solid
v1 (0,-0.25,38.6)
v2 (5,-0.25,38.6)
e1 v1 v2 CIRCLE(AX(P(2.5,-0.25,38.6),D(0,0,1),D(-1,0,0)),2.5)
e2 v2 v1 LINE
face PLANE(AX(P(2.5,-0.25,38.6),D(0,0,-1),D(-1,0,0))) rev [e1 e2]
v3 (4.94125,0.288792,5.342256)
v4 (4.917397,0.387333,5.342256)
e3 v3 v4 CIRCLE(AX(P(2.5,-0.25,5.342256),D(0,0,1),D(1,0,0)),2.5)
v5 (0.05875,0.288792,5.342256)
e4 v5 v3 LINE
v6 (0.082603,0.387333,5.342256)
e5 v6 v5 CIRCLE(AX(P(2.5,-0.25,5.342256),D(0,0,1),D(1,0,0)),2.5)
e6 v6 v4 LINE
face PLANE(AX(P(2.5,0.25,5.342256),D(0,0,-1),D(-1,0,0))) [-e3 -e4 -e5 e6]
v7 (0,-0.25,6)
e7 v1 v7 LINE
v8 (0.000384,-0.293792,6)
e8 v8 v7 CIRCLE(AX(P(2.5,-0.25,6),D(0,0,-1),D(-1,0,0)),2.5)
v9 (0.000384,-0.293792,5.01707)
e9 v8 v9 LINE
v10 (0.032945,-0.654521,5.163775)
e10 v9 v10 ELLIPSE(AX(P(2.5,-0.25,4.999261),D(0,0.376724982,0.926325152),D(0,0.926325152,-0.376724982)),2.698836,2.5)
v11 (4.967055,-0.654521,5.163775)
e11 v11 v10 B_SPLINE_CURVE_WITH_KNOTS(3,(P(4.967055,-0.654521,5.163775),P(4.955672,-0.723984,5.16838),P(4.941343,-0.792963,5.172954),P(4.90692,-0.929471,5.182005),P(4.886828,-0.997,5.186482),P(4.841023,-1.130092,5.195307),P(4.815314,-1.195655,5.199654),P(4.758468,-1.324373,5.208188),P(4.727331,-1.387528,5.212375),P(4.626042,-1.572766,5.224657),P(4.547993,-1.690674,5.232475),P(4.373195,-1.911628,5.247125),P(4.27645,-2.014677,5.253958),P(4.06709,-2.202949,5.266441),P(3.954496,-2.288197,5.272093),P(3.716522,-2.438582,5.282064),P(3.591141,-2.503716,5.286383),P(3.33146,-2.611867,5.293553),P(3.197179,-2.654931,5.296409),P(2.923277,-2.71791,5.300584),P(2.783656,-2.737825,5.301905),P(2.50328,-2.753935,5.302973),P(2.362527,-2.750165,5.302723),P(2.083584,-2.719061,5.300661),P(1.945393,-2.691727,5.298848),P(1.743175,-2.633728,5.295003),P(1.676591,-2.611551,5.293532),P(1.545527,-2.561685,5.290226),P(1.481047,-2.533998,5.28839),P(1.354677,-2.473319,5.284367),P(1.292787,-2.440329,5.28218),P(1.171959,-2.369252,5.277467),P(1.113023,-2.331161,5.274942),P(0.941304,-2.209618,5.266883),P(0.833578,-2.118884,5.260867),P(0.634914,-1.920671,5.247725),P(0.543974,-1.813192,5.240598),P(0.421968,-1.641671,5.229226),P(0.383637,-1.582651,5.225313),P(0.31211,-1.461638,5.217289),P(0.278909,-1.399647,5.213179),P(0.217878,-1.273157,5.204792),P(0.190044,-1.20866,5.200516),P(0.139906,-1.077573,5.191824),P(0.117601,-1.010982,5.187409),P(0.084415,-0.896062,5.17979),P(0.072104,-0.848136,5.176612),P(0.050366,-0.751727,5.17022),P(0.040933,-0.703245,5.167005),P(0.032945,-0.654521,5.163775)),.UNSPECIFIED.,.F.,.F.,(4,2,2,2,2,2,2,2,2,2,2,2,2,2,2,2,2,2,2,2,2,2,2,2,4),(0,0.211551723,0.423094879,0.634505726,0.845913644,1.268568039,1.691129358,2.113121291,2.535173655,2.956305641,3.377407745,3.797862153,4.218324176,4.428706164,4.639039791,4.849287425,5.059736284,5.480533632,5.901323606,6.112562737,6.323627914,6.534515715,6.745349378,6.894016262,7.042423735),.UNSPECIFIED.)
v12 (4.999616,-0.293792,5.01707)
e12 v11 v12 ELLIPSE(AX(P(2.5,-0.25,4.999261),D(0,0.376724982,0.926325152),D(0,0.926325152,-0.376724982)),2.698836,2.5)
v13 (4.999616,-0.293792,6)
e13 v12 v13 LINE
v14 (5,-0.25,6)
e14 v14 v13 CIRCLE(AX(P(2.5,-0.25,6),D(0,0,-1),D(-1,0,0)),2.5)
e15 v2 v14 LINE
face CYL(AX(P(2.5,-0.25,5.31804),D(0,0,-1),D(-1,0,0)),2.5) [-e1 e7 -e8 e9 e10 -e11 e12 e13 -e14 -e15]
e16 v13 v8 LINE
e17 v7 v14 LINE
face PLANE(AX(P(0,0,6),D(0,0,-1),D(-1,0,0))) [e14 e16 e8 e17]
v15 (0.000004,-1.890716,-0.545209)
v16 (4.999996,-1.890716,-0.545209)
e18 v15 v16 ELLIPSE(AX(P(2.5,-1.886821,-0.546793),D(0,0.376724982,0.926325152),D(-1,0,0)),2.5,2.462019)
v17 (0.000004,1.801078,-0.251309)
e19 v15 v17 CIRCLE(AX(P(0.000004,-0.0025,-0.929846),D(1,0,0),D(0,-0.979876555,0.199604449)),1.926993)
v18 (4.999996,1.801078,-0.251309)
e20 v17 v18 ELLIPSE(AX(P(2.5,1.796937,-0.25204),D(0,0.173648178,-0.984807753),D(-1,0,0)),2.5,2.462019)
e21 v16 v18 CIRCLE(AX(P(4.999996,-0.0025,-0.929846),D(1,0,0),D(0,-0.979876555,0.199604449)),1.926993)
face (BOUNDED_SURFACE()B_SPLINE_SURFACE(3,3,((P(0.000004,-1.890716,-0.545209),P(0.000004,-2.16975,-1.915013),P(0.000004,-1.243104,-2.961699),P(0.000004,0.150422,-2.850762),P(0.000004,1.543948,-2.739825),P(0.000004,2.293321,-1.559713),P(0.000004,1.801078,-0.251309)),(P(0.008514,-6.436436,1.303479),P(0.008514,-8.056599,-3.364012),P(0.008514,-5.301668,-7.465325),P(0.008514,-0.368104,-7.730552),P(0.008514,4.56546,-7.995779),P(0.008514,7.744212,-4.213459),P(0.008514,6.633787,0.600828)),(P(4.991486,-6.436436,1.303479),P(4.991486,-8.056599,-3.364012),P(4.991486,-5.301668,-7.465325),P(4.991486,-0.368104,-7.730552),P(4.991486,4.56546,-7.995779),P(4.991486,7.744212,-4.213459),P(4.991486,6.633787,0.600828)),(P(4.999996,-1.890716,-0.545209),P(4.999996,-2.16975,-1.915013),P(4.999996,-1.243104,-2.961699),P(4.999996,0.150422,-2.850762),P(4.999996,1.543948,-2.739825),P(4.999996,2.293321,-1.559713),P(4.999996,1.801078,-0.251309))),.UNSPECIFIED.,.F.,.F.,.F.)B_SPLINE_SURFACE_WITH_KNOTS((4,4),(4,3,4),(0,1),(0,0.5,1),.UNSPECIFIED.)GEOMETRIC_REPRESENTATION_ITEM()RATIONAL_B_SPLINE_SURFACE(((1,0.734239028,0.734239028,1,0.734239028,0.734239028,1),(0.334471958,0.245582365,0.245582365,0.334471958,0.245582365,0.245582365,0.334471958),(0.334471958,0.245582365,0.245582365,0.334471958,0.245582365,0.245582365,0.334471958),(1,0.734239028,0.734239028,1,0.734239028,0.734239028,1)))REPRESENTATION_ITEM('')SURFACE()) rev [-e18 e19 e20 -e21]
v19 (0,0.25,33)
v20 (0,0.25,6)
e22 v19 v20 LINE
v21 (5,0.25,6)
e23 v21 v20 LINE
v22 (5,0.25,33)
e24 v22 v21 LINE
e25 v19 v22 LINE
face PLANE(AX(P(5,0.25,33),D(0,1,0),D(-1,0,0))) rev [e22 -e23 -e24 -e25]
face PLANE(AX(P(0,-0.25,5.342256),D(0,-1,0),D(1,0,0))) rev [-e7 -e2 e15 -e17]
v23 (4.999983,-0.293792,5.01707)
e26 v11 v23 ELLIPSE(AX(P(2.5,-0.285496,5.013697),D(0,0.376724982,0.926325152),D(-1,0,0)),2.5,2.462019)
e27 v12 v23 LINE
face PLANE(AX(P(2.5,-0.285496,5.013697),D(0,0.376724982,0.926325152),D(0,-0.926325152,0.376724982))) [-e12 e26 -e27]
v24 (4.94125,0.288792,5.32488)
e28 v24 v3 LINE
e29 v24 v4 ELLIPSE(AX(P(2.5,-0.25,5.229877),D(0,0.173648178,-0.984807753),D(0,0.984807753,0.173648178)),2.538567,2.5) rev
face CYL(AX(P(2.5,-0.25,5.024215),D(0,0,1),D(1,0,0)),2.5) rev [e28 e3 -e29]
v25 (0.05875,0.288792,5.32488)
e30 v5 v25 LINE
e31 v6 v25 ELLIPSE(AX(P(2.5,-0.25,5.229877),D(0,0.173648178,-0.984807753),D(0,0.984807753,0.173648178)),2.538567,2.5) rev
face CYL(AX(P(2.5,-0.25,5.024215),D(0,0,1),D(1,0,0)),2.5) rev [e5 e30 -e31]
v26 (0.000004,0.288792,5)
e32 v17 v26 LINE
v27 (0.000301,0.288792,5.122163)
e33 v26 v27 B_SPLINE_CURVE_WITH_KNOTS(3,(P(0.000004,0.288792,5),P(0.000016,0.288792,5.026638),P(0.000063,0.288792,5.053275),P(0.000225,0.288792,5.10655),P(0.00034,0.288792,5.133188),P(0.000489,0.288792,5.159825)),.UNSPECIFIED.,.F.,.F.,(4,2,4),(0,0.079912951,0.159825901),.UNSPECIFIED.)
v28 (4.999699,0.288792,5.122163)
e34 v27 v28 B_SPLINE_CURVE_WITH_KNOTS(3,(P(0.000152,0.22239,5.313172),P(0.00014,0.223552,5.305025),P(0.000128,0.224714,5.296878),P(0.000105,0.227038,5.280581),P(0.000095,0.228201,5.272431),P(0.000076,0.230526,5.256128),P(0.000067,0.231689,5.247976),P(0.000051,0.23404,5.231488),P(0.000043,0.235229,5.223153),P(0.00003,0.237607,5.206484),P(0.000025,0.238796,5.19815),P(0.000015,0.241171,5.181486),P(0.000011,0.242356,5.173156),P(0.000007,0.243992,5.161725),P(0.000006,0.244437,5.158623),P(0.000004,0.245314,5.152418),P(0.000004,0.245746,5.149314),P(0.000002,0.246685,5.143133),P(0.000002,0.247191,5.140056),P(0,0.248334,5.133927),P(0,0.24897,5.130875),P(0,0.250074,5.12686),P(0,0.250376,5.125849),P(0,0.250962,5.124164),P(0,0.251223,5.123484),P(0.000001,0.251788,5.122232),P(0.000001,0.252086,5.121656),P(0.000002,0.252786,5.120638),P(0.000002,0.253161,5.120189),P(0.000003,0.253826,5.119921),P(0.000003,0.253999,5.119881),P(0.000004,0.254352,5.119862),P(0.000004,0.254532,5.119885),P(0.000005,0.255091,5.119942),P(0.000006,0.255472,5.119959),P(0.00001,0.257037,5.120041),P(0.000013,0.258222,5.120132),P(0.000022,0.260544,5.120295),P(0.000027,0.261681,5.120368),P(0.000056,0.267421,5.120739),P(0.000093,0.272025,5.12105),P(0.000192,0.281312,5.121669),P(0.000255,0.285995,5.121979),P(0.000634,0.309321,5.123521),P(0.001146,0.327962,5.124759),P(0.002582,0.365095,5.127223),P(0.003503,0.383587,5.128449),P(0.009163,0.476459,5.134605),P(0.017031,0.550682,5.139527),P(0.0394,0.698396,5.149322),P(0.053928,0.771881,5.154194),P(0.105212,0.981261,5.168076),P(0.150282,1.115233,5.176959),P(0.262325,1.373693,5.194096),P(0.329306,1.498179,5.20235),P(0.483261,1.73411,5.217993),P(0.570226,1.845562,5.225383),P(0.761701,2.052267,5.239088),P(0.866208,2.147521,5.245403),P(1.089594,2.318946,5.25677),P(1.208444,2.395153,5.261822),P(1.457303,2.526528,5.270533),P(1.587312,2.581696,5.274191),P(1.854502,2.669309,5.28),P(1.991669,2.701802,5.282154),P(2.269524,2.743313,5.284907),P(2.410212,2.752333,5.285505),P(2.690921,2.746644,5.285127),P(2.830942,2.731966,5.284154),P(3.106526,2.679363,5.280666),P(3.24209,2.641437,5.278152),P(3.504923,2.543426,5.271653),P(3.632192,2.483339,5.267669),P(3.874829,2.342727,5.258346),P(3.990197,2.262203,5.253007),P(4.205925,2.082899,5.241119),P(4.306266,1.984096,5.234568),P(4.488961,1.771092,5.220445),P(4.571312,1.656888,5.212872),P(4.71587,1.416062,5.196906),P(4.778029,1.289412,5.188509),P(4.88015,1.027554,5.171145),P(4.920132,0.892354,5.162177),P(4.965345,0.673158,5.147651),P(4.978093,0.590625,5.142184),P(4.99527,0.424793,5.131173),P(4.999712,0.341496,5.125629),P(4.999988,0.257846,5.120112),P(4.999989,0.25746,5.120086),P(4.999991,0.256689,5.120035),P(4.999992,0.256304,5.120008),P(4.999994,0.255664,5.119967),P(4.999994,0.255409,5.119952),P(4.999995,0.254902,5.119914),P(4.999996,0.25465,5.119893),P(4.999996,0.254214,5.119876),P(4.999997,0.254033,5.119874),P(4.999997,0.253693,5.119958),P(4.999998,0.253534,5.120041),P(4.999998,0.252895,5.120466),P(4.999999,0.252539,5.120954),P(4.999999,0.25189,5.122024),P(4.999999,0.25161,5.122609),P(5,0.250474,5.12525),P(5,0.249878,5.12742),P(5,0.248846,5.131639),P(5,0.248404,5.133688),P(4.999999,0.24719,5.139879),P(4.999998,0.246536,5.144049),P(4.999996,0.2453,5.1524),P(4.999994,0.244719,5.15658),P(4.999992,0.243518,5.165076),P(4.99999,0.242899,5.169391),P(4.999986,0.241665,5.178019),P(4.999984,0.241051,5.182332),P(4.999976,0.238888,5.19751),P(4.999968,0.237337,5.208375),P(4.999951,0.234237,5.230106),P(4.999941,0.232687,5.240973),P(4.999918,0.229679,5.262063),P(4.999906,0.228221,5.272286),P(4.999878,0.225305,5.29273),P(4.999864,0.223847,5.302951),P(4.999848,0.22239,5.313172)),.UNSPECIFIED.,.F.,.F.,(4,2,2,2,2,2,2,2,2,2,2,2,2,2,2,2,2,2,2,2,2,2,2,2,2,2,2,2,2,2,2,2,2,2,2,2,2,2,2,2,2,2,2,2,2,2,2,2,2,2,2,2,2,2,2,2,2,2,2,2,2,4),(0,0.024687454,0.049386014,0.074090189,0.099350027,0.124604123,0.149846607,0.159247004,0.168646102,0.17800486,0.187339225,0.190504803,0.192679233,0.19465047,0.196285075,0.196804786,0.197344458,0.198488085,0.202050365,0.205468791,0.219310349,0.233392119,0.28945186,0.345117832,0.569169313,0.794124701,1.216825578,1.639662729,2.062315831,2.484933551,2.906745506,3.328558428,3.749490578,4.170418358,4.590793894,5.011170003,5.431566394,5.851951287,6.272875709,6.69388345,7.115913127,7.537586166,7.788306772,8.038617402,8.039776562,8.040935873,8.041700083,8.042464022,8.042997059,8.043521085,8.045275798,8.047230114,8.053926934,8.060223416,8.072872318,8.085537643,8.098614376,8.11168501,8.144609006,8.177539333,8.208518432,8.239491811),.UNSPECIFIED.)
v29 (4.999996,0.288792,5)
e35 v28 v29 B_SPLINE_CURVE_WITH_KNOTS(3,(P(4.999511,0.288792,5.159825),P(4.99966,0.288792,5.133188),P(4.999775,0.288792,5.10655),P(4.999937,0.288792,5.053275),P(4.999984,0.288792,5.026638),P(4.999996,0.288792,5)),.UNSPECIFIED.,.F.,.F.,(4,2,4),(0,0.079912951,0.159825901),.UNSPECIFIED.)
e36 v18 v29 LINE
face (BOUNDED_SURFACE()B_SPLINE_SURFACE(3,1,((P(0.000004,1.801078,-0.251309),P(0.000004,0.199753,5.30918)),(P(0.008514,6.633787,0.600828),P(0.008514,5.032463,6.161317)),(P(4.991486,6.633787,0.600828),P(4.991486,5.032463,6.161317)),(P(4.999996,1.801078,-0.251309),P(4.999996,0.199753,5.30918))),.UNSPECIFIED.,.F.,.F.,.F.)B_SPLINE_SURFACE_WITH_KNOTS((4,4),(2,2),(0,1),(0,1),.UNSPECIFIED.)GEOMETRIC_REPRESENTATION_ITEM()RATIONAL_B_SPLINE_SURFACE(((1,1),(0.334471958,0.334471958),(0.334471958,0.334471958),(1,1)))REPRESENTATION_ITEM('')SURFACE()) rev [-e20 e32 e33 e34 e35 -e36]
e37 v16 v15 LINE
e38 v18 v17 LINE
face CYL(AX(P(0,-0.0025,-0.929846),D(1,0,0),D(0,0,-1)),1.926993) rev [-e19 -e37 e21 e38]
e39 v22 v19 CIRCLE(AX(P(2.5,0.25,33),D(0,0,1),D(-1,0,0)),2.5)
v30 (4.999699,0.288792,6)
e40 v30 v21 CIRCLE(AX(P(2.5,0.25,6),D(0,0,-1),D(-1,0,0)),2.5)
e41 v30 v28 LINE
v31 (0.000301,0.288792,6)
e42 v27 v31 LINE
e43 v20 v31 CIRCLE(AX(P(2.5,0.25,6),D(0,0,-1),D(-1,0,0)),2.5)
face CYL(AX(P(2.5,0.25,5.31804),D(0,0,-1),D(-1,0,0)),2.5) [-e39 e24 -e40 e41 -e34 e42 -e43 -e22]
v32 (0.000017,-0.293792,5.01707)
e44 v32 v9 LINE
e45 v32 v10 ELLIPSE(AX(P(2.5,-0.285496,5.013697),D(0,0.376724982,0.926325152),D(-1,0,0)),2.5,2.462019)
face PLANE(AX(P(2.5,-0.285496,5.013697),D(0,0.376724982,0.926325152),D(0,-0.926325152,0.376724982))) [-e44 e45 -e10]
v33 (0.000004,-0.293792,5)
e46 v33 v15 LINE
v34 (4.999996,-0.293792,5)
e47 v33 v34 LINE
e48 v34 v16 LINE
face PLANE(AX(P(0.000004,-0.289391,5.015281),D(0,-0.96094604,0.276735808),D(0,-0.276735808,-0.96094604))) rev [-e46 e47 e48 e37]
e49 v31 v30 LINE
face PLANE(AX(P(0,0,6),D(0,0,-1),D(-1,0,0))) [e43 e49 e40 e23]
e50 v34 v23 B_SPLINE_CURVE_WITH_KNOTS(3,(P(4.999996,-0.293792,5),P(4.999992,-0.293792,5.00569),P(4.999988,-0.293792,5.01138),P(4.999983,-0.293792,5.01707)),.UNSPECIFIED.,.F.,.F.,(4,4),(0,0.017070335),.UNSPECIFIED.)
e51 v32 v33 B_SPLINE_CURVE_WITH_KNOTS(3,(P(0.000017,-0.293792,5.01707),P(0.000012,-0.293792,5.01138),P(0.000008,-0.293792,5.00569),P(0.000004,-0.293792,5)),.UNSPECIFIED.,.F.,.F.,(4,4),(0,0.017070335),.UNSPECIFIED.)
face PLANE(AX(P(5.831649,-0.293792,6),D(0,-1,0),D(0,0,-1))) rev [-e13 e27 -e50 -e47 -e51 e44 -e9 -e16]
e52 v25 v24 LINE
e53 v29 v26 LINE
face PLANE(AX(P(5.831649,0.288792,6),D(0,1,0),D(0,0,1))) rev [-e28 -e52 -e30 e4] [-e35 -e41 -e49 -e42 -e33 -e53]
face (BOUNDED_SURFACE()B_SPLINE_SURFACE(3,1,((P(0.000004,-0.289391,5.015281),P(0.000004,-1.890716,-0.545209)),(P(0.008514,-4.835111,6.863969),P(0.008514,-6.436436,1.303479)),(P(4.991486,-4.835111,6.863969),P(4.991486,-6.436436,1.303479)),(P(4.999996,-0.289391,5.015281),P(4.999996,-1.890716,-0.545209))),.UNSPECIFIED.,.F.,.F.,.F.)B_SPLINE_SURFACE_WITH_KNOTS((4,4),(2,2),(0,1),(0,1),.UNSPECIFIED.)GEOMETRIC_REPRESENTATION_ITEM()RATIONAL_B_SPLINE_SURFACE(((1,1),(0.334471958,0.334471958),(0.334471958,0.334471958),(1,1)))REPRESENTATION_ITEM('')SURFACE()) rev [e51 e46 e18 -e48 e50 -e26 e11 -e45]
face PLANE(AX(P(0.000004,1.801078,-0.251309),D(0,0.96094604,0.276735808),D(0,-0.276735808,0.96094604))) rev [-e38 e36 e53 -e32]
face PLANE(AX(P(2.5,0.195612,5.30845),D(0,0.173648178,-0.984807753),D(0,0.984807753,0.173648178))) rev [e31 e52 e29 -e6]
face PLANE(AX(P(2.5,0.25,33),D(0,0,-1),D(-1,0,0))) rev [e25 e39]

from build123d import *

# Parameters (mm, degrees)
SZKIC1_R                     = 2.5
DODANIE_WYCI_GNI_CIE1_DEPTH  = 0.31804017
SZKIC3_R                     = 2.5
DODANIE_WYCI_GNI_CIE2_DEPTH  = 0.31804017
SZKIC8_W                     = 2.5
SZKIC8_H                     = 0.31804017
SZKIC9_R                     = 2.5
DODANIE_WYCI_GNI_CIE3_DEPTH  = 0.31804017
SZKIC15_R                    = 2.5
DODANIE_WYCI_GNI_CIE4_DEPTH  = 0.31804017
SZKIC21_W                    = 2.5
SZKIC21_H                    = 0.31804017
SZKIC22_R                    = 2.5
DODANIE_WYCI_GNI_CIE5_DEPTH  = 0.31804017
SZKIC28_R                    = 2.5
DODANIE_WYCI_GNI_CIE6_DEPTH  = 0.31804017
SZKIC34_W                    = 2.5
SZKIC34_H                    = 0.31804017
DODANIE_WYCI_GNI_CIE7_DEPTH  = 0.31804017
DODANIE_WYCI_GNI_CIE8_DEPTH  = 27.657744359
DODANIE_WYCI_GNI_CIE9_DEPTH  = 0.31804017
DODANIE_WYCI_GNI_CIE10_DEPTH = 33.257744359
SZKIC54_W                    = 7.444504345
SZKIC54_H                    = 0.582583156
WYTNIJ_WYCI_GNI_CIE2_DEPTH   = 1


with BuildPart() as part:
    # Szkic1 → Dodanie-wyciągnięcie1 (new body)
    with BuildSketch(Plane.XY.offset(5)):
        with Locations((2.5, 0.25)):
            Circle(SZKIC1_R)
    extrude(amount=DODANIE_WYCI_GNI_CIE1_DEPTH)

    # Szkic3 → Dodanie-wyciągnięcie2 (add)
    with BuildSketch(Plane.XY.offset(5)):
        with Locations((2.5, -0.25)):
            Circle(SZKIC3_R)
    extrude(amount=DODANIE_WYCI_GNI_CIE2_DEPTH)

    # Szkic8 → Wycięcie-obrót2 (revolve, cut)
    with BuildSketch(Plane(origin=(0, -0.25, 0), x_dir=(1, 0, 0), z_dir=(0, 1, 0))):
        with Locations((3.75, -5.183235556)):
            Rectangle(SZKIC8_W, SZKIC8_H)
    revolve(axis=Axis((2.5, -0.25, 5.024215471), (0, 0, 1)), mode=Mode.SUBTRACT)

    # Szkic9 → Dodanie-wyciągnięcie3 (add)
    with BuildSketch(Plane.XY.offset(5.024215471)):
        with Locations(Location((2.5, 0.25, 0), (0, 0, 185.739170477))):
            Circle(SZKIC9_R)
    extrude(amount=DODANIE_WYCI_GNI_CIE3_DEPTH)

    # Szkic15 → Dodanie-wyciągnięcie4 (add)
    with BuildSketch(Plane.XY.offset(5)):
        with Locations((2.5, -0.25)):
            Circle(SZKIC15_R)
    extrude(amount=DODANIE_WYCI_GNI_CIE4_DEPTH)

    # Szkic21 → Wycięcie-obrót4 (revolve, cut)
    with BuildSketch(Plane(origin=(0, -0.25, 0), x_dir=(1, 0, 0), z_dir=(0, 1, 0))):
        with Locations((3.75, -5.183235556)):
            Rectangle(SZKIC21_W, SZKIC21_H)
    revolve(axis=Axis((2.5, -0.25, 5.024215471), (0, 0, 1)), mode=Mode.SUBTRACT)

    # Szkic22 → Dodanie-wyciągnięcie5 (add)
    with BuildSketch(Plane.XY.offset(5.024215471)):
        with Locations(Location((2.5, 0.25, 0), (0, 0, 185.739170477))):
            Circle(SZKIC22_R)
    extrude(amount=DODANIE_WYCI_GNI_CIE5_DEPTH)

    # Szkic28 → Dodanie-wyciągnięcie6 (add)
    with BuildSketch(Plane.XY.offset(5)):
        with Locations((2.5, -0.25)):
            Circle(SZKIC28_R)
    extrude(amount=DODANIE_WYCI_GNI_CIE6_DEPTH)

    # Szkic34 → Wycięcie-obrót6 (revolve, cut)
    with BuildSketch(Plane(origin=(0, -0.25, 0), x_dir=(1, 0, 0), z_dir=(0, 1, 0))):
        with Locations((3.75, -5.183235556)):
            Rectangle(SZKIC34_W, SZKIC34_H)
    revolve(axis=Axis((2.5, -0.25, 5.024215471), (0, 0, 1)), mode=Mode.SUBTRACT)

    # Szkic35 → Dodanie-wyciągnięcie7 (add)
    with BuildSketch(Plane.XY.offset(5)):
        with BuildLine():
            Line((5, 0.25), (0, 0.25))
            ThreePointArc((0, 0.25), (0.732233047, 2.017766953), (2.5, 2.75))
            ThreePointArc((2.5, 2.75), (4.267766953, 2.017766953), (5, 0.25))
        make_face()
    extrude(amount=DODANIE_WYCI_GNI_CIE7_DEPTH)

    # Szkic41 → Dodanie-wyciągnięcie8 (add)
    with BuildSketch(Plane.XY.offset(5.342255641)):
        with BuildLine():
            Line((5, 0.25), (0, 0.25))
            ThreePointArc((0, 0.25), (2.5, 2.75), (5, 0.25))
        make_face()
    extrude(amount=DODANIE_WYCI_GNI_CIE8_DEPTH)

    # Szkic42 → Dodanie-wyciągnięcie9 (add)
    with BuildSketch(Plane.XY.offset(5.024215471)):
        with BuildLine():
            Line((0, -0.25), (5, -0.25))
            ThreePointArc((5, -0.25), (4.267766953, -2.017766953), (2.5, -2.75))
            ThreePointArc((2.5, -2.75), (0.732233047, -2.017766953), (0, -0.25))
        make_face()
    extrude(amount=DODANIE_WYCI_GNI_CIE9_DEPTH)

    # Szkic43 → Dodanie-wyciągnięcie10 (add)
    with BuildSketch(Plane.XY.offset(5.342255641)):
        with BuildLine():
            Line((0, -0.25), (5, -0.25))
            ThreePointArc((5, -0.25), (2.5, -2.75), (0, -0.25))
        make_face()
    extrude(amount=DODANIE_WYCI_GNI_CIE10_DEPTH)

    # Wyciągnięcie po ścieżce1: sweep along a path in Szkic44
    with BuildLine(Plane(origin=(0, 0, 0), x_dir=(0, 0, -1), z_dir=(1, 0, 0))) as wyci_gni_cie_po_cie_ce1_path:
        Line((-5.560489768, 1.625), (0, 3.226324699))
        ThreePointArc((0, 3.226324699), (4.289893436, -0.0025), (0, -3.231324699))
        Line((0, -3.231324699), (-5.560489768, -1.63))
    # Szkic45 → Wyciągnięcie po ścieżce1 (sweep)
    with BuildSketch(Plane(origin=(0, -0.023604125, 5.269796381), x_dir=(-1, 0, 0), z_dir=(0, 0.17364817766693072, -0.984807753012208))):
        with BuildLine():
            Line((-3.646e-06, 0.226802786), (-4.999996354, 0.226802786))
            add(Edge.make_bspline(
                [(-3.646e-06, 0.226802786), (-0.004266201, 2.684617196), (-2.5, 2.684617196), (-4.995733799, 2.684617196), (-4.999996354, 0.226802786)],
                knots=[0.001707937, 0.001707937, 0.001707937, 1.570796327, 1.570796327, 3.139884716, 3.139884716, 3.139884716], degree=2, weights=[1, 0.70771037, 1, 0.70771037, 1]))
        make_face()
    sweep(path=wyci_gni_cie_po_cie_ce1_path.line)

    # Szkic54 → Wytnij-wyciągnięcie2 (cut)
    with BuildSketch(Plane(origin=(0, 0, 5), x_dir=(-1, 0, 0), z_dir=(0, 0, -1))):
        with Locations((-2.109396602, -0.0025)):
            Rectangle(SZKIC54_W, SZKIC54_H)
    extrude(amount=-WYTNIJ_WYCI_GNI_CIE2_DEPTH, mode=Mode.SUBTRACT)


solid = part.part
